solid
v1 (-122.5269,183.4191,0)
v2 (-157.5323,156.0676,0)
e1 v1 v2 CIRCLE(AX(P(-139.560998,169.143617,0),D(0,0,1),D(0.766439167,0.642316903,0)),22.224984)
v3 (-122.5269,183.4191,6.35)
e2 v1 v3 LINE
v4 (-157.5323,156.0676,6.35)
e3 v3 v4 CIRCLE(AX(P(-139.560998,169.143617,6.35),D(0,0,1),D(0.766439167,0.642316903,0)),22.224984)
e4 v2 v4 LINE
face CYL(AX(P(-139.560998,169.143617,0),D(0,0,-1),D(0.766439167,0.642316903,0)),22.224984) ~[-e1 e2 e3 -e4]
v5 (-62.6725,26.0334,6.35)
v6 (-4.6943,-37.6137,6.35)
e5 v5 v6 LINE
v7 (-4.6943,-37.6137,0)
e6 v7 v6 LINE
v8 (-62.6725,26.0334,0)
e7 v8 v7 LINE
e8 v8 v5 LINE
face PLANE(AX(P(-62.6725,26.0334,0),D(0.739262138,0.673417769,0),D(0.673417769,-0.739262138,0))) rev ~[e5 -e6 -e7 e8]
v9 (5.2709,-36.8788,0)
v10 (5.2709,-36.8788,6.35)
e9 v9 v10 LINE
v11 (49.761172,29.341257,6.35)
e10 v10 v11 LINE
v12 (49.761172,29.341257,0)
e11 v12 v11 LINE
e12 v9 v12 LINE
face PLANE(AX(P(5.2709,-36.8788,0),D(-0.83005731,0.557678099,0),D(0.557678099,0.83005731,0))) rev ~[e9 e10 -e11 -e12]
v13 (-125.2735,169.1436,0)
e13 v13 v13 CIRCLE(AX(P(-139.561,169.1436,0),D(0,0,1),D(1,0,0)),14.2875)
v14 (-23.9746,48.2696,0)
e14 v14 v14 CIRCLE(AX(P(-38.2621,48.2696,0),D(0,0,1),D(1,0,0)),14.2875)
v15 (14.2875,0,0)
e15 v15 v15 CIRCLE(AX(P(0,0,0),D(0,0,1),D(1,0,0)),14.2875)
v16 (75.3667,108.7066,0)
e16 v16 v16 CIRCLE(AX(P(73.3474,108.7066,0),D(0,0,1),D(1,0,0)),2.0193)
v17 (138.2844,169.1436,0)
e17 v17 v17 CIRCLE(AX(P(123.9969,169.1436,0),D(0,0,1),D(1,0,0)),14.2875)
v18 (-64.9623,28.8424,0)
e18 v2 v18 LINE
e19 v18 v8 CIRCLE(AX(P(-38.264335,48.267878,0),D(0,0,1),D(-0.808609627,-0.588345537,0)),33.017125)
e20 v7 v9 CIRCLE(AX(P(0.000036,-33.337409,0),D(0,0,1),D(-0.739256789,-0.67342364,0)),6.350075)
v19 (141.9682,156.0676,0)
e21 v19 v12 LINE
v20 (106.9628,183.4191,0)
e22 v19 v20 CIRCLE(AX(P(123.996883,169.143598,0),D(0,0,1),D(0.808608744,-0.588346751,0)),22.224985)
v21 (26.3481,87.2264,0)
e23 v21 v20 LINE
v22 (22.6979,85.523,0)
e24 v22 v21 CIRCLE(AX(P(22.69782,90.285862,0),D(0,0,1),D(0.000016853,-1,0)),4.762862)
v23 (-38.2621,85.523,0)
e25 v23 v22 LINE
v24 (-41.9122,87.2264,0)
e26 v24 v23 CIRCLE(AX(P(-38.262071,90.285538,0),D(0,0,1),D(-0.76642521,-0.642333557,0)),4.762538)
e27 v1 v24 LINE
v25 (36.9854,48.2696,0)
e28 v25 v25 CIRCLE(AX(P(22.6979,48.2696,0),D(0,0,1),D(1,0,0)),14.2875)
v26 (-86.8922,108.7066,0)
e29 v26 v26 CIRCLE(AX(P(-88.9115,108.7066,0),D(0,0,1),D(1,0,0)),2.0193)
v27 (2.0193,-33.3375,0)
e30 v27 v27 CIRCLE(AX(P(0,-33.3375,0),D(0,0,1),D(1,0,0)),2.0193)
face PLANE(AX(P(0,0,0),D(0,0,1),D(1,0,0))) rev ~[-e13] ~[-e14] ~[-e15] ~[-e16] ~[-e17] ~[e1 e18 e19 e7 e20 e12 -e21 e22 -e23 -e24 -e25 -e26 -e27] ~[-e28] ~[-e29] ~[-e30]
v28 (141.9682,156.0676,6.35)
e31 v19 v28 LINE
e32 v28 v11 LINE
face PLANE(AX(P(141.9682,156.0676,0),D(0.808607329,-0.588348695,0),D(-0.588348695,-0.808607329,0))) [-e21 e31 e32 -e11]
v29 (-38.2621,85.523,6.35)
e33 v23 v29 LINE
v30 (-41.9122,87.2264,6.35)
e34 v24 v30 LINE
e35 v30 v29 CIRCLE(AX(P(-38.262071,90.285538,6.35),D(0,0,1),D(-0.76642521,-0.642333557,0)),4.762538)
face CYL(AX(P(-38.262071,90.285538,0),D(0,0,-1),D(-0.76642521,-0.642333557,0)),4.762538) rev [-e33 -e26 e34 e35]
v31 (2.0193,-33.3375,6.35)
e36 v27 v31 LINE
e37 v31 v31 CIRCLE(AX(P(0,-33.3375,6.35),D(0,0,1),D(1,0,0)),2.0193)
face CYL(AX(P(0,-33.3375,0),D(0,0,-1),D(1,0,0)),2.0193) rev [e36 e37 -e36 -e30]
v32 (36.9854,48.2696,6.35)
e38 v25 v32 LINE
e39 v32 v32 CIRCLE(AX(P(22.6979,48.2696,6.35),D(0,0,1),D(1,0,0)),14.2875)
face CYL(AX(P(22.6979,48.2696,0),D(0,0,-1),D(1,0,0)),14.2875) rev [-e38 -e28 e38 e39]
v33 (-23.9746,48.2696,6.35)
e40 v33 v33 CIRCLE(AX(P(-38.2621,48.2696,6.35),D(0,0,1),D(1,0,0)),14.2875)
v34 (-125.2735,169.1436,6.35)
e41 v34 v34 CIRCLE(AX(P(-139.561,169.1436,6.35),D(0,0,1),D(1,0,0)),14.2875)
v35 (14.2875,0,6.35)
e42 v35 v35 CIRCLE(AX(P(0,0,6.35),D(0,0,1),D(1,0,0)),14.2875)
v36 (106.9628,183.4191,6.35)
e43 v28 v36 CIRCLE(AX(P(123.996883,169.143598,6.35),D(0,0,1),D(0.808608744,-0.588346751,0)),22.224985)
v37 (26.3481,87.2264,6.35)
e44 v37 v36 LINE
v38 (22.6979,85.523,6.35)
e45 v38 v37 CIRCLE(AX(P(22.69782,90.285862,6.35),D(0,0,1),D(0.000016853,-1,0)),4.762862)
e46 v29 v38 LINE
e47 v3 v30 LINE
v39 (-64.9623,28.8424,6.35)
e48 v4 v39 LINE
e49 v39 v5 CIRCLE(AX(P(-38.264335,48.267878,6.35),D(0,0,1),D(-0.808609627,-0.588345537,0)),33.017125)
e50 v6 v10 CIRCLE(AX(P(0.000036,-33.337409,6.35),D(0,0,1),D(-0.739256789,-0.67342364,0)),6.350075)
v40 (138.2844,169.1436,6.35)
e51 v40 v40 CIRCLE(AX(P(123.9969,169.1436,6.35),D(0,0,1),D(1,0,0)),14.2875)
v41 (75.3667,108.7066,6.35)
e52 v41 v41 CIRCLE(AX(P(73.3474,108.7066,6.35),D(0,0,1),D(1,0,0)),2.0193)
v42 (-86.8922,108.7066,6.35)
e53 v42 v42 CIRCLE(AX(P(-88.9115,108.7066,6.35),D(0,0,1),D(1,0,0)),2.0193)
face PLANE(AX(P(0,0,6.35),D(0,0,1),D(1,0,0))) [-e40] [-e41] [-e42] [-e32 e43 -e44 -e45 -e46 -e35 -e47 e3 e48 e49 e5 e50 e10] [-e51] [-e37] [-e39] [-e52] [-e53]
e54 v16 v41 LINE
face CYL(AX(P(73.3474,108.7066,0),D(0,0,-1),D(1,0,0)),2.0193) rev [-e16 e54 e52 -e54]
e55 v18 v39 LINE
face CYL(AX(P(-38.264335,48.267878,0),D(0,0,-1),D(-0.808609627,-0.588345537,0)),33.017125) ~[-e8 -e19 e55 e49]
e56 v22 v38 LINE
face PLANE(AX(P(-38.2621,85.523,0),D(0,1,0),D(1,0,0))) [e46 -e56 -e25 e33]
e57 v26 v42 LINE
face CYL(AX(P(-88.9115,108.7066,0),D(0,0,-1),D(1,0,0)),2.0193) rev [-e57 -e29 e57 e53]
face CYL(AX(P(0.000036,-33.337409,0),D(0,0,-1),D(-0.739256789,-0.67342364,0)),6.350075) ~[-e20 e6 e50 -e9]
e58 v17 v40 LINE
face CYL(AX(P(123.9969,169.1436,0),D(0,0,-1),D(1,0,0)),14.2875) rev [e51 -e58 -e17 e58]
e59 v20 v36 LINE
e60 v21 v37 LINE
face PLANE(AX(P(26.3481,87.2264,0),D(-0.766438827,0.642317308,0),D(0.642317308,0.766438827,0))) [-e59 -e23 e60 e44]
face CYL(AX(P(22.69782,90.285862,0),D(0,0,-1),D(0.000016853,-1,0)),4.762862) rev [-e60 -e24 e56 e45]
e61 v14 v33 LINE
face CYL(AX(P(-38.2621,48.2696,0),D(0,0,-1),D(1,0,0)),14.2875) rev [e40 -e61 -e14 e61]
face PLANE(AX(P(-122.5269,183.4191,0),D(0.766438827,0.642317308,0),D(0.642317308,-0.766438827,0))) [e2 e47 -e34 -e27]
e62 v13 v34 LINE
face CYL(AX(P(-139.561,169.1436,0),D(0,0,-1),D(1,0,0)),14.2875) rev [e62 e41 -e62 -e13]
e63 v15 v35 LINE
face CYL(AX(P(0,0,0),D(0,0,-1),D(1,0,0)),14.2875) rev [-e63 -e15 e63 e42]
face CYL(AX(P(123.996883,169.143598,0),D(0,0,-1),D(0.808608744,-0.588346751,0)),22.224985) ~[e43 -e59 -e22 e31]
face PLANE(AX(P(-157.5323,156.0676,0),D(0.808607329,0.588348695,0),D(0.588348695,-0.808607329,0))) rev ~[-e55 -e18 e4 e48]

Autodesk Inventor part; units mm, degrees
ref_plane "YZ Plane" through (0, 0, 0) normal (1, 0, 0) x (0, 1, 0)
ref_plane "XZ Plane" through (0, 0, 0) normal (0, 1, 0) x (-1, 0, 0)
ref_plane "XY Plane" through (0, 0, 0) normal (0, 0, 1) x (1, 0, 0)
sketch "Sketch1" plane through (0, 0, 0) normal (0, 0, 1) x (1, 0, 0)
  circle A0 centre (0, 0) radius 22.86 construction
  circle A1 centre (22.6979, 48.2696) radius 30.48 construction
  circle A2 centre (-38.2621, 48.2696) radius 30.48 construction
  circle A3 centre (0, 0) radius 25.4 construction
  circle A4 centre (22.6979, 48.2696) radius 33.02 construction
  circle A5 centre (-38.2621, 48.2696) radius 33.02 construction
  line L0 (-15.7782, 19.905) -> (-17.7504, 22.3931)
  circle A6 centre (-38.2621, 48.2696) radius 14.2875
  circle A7 centre (22.6979, 48.2696) radius 14.2875
  circle A8 centre (0, 0) radius 14.2875
  circle A9 centre (22.6979, 48.2696) radius 21.0058 construction
  circle A10 centre (22.6979, 48.2696) radius 19.1008 construction
  circle A11 centre (-38.2621, 48.2696) radius 19.1008 construction
  circle A12 centre (-38.2621, 48.2696) radius 21.0058 construction
  line L1 (22.6979, 48.2696) -> (123.9969, 169.1436) construction
  circle A13 centre (-139.561, 169.1436) radius 14.2875
  circle A14 centre (123.9969, 169.1436) radius 14.2875
  line L2 (-139.561, 169.1436) -> (-38.2621, 48.2696) construction
  circle A15 centre (-139.561, 169.1436) radius 22.225 construction
  circle A16 centre (123.9969, 169.1436) radius 22.225 construction
  line L3 (-122.5269, 183.4191) -> (-41.9122, 87.2264)
  arc A17 (-41.9122, 87.2264) -> (-38.2621, 85.523) centre (-38.2621, 90.2855) ccw
  line L4 (-38.2621, 85.523) -> (22.6979, 85.523)
  arc A18 (22.6979, 85.523) -> (26.3481, 87.2264) centre (22.6979, 90.2855) ccw
  line L5 (26.3481, 87.2264) -> (106.9628, 183.4191)
  line L6 (-38.2621, 81.2896) -> (-38.2621, 85.523) construction
  line L7 (22.6979, 81.2896) -> (22.6979, 85.523) construction
  arc A19 (-122.5269, 183.4191) -> (-157.5323, 156.0676) centre (-139.561, 169.1436) ccw
  circle A20 centre (-88.9115, 108.7066) radius 2.0193
  circle A21 centre (73.3474, 108.7066) radius 2.0193
  circle A22 centre (-88.9115, 108.7066) radius 6.35 construction
  circle A23 centre (73.3474, 108.7066) radius 6.35 construction
  line L8 (-157.5323, 156.0676) -> (-64.9623, 28.8424)
  circle A24 centre (0, -33.3375) radius 6.35 construction
  circle A25 centre (0, -33.3375) radius 2.0193
  line L9 (0, -26.9875) -> (0, -25.4) construction
  line L10 (-62.6725, 26.0334) -> (-4.6943, -37.6137)
  arc A26 (-64.9623, 28.8424) -> (-62.6725, 26.0334) centre (-38.2621, 48.2696) ccw
  line L11 (5.2709, -36.8788) -> (50.1064, 29.8551)
  arc A27 (-4.6943, -37.6137) -> (5.2709, -36.8788) centre (0, -33.3375) ccw
  arc A28 (141.9682, 156.0676) -> (106.9628, 183.4191) centre (123.9969, 169.1436) ccw
  line L12 (141.9682, 156.0676) -> (49.3982, 28.8424)
  line L13 (50.1064, 29.8551) -> (49.3982, 28.8424)
  circle A29 centre (-139.561, 169.1436) radius 50.8 construction
  circle A30 centre (123.9969, 169.1436) radius 50.8 construction
  point P0 (-38.2621, 83.4063)
  point P1 (49.7618, 29.3421)
  dimension "d0" = 45.72
  dimension "d1" = 60.96
  dimension "d2" = 2.54
  dimension "d3" = 2.54
  dimension "d4" = 3.175
  dimension "d5" = 28.575
  dimension "d6" = 42.0116
  dimension "d7" = 38.2016
  dimension "d14" = 44.45
  dimension "d15" = 44.45
  dimension "d16" = 4.7625
  dimension "d17" = 4.2333
  dimension "d18" = 4.0386
  dimension "d19" = 4.0386
  dimension "d20" = 12.7
  dimension "d21" = 12.7
  dimension "d23" = 1.5875
  dimension "d24" = 157.7086
  dimension "d25" = 101.6
  dimension "d26" = 101.6
extrude "Extrusion1" add sketch "Sketch1" along normal blind 6.35 contours L12 L13 L11 | L3 A17 L4 A18 L5 A28 L12 L11 A27 L10 A26 L8 A19
thread "Thread1" size "8-32 UNC" class "2B" standard "ANSI Unified Screw Threads" full length
thread "Thread2" size "8-32 UNC" class "2B" standard "ANSI Unified Screw Threads" full length
thread "Thread3" size "8-32 UNC" class "2B" standard "ANSI Unified Screw Threads" full length
properties part number "bottomplate_gearbox3_" material "Aluminum 6061"
